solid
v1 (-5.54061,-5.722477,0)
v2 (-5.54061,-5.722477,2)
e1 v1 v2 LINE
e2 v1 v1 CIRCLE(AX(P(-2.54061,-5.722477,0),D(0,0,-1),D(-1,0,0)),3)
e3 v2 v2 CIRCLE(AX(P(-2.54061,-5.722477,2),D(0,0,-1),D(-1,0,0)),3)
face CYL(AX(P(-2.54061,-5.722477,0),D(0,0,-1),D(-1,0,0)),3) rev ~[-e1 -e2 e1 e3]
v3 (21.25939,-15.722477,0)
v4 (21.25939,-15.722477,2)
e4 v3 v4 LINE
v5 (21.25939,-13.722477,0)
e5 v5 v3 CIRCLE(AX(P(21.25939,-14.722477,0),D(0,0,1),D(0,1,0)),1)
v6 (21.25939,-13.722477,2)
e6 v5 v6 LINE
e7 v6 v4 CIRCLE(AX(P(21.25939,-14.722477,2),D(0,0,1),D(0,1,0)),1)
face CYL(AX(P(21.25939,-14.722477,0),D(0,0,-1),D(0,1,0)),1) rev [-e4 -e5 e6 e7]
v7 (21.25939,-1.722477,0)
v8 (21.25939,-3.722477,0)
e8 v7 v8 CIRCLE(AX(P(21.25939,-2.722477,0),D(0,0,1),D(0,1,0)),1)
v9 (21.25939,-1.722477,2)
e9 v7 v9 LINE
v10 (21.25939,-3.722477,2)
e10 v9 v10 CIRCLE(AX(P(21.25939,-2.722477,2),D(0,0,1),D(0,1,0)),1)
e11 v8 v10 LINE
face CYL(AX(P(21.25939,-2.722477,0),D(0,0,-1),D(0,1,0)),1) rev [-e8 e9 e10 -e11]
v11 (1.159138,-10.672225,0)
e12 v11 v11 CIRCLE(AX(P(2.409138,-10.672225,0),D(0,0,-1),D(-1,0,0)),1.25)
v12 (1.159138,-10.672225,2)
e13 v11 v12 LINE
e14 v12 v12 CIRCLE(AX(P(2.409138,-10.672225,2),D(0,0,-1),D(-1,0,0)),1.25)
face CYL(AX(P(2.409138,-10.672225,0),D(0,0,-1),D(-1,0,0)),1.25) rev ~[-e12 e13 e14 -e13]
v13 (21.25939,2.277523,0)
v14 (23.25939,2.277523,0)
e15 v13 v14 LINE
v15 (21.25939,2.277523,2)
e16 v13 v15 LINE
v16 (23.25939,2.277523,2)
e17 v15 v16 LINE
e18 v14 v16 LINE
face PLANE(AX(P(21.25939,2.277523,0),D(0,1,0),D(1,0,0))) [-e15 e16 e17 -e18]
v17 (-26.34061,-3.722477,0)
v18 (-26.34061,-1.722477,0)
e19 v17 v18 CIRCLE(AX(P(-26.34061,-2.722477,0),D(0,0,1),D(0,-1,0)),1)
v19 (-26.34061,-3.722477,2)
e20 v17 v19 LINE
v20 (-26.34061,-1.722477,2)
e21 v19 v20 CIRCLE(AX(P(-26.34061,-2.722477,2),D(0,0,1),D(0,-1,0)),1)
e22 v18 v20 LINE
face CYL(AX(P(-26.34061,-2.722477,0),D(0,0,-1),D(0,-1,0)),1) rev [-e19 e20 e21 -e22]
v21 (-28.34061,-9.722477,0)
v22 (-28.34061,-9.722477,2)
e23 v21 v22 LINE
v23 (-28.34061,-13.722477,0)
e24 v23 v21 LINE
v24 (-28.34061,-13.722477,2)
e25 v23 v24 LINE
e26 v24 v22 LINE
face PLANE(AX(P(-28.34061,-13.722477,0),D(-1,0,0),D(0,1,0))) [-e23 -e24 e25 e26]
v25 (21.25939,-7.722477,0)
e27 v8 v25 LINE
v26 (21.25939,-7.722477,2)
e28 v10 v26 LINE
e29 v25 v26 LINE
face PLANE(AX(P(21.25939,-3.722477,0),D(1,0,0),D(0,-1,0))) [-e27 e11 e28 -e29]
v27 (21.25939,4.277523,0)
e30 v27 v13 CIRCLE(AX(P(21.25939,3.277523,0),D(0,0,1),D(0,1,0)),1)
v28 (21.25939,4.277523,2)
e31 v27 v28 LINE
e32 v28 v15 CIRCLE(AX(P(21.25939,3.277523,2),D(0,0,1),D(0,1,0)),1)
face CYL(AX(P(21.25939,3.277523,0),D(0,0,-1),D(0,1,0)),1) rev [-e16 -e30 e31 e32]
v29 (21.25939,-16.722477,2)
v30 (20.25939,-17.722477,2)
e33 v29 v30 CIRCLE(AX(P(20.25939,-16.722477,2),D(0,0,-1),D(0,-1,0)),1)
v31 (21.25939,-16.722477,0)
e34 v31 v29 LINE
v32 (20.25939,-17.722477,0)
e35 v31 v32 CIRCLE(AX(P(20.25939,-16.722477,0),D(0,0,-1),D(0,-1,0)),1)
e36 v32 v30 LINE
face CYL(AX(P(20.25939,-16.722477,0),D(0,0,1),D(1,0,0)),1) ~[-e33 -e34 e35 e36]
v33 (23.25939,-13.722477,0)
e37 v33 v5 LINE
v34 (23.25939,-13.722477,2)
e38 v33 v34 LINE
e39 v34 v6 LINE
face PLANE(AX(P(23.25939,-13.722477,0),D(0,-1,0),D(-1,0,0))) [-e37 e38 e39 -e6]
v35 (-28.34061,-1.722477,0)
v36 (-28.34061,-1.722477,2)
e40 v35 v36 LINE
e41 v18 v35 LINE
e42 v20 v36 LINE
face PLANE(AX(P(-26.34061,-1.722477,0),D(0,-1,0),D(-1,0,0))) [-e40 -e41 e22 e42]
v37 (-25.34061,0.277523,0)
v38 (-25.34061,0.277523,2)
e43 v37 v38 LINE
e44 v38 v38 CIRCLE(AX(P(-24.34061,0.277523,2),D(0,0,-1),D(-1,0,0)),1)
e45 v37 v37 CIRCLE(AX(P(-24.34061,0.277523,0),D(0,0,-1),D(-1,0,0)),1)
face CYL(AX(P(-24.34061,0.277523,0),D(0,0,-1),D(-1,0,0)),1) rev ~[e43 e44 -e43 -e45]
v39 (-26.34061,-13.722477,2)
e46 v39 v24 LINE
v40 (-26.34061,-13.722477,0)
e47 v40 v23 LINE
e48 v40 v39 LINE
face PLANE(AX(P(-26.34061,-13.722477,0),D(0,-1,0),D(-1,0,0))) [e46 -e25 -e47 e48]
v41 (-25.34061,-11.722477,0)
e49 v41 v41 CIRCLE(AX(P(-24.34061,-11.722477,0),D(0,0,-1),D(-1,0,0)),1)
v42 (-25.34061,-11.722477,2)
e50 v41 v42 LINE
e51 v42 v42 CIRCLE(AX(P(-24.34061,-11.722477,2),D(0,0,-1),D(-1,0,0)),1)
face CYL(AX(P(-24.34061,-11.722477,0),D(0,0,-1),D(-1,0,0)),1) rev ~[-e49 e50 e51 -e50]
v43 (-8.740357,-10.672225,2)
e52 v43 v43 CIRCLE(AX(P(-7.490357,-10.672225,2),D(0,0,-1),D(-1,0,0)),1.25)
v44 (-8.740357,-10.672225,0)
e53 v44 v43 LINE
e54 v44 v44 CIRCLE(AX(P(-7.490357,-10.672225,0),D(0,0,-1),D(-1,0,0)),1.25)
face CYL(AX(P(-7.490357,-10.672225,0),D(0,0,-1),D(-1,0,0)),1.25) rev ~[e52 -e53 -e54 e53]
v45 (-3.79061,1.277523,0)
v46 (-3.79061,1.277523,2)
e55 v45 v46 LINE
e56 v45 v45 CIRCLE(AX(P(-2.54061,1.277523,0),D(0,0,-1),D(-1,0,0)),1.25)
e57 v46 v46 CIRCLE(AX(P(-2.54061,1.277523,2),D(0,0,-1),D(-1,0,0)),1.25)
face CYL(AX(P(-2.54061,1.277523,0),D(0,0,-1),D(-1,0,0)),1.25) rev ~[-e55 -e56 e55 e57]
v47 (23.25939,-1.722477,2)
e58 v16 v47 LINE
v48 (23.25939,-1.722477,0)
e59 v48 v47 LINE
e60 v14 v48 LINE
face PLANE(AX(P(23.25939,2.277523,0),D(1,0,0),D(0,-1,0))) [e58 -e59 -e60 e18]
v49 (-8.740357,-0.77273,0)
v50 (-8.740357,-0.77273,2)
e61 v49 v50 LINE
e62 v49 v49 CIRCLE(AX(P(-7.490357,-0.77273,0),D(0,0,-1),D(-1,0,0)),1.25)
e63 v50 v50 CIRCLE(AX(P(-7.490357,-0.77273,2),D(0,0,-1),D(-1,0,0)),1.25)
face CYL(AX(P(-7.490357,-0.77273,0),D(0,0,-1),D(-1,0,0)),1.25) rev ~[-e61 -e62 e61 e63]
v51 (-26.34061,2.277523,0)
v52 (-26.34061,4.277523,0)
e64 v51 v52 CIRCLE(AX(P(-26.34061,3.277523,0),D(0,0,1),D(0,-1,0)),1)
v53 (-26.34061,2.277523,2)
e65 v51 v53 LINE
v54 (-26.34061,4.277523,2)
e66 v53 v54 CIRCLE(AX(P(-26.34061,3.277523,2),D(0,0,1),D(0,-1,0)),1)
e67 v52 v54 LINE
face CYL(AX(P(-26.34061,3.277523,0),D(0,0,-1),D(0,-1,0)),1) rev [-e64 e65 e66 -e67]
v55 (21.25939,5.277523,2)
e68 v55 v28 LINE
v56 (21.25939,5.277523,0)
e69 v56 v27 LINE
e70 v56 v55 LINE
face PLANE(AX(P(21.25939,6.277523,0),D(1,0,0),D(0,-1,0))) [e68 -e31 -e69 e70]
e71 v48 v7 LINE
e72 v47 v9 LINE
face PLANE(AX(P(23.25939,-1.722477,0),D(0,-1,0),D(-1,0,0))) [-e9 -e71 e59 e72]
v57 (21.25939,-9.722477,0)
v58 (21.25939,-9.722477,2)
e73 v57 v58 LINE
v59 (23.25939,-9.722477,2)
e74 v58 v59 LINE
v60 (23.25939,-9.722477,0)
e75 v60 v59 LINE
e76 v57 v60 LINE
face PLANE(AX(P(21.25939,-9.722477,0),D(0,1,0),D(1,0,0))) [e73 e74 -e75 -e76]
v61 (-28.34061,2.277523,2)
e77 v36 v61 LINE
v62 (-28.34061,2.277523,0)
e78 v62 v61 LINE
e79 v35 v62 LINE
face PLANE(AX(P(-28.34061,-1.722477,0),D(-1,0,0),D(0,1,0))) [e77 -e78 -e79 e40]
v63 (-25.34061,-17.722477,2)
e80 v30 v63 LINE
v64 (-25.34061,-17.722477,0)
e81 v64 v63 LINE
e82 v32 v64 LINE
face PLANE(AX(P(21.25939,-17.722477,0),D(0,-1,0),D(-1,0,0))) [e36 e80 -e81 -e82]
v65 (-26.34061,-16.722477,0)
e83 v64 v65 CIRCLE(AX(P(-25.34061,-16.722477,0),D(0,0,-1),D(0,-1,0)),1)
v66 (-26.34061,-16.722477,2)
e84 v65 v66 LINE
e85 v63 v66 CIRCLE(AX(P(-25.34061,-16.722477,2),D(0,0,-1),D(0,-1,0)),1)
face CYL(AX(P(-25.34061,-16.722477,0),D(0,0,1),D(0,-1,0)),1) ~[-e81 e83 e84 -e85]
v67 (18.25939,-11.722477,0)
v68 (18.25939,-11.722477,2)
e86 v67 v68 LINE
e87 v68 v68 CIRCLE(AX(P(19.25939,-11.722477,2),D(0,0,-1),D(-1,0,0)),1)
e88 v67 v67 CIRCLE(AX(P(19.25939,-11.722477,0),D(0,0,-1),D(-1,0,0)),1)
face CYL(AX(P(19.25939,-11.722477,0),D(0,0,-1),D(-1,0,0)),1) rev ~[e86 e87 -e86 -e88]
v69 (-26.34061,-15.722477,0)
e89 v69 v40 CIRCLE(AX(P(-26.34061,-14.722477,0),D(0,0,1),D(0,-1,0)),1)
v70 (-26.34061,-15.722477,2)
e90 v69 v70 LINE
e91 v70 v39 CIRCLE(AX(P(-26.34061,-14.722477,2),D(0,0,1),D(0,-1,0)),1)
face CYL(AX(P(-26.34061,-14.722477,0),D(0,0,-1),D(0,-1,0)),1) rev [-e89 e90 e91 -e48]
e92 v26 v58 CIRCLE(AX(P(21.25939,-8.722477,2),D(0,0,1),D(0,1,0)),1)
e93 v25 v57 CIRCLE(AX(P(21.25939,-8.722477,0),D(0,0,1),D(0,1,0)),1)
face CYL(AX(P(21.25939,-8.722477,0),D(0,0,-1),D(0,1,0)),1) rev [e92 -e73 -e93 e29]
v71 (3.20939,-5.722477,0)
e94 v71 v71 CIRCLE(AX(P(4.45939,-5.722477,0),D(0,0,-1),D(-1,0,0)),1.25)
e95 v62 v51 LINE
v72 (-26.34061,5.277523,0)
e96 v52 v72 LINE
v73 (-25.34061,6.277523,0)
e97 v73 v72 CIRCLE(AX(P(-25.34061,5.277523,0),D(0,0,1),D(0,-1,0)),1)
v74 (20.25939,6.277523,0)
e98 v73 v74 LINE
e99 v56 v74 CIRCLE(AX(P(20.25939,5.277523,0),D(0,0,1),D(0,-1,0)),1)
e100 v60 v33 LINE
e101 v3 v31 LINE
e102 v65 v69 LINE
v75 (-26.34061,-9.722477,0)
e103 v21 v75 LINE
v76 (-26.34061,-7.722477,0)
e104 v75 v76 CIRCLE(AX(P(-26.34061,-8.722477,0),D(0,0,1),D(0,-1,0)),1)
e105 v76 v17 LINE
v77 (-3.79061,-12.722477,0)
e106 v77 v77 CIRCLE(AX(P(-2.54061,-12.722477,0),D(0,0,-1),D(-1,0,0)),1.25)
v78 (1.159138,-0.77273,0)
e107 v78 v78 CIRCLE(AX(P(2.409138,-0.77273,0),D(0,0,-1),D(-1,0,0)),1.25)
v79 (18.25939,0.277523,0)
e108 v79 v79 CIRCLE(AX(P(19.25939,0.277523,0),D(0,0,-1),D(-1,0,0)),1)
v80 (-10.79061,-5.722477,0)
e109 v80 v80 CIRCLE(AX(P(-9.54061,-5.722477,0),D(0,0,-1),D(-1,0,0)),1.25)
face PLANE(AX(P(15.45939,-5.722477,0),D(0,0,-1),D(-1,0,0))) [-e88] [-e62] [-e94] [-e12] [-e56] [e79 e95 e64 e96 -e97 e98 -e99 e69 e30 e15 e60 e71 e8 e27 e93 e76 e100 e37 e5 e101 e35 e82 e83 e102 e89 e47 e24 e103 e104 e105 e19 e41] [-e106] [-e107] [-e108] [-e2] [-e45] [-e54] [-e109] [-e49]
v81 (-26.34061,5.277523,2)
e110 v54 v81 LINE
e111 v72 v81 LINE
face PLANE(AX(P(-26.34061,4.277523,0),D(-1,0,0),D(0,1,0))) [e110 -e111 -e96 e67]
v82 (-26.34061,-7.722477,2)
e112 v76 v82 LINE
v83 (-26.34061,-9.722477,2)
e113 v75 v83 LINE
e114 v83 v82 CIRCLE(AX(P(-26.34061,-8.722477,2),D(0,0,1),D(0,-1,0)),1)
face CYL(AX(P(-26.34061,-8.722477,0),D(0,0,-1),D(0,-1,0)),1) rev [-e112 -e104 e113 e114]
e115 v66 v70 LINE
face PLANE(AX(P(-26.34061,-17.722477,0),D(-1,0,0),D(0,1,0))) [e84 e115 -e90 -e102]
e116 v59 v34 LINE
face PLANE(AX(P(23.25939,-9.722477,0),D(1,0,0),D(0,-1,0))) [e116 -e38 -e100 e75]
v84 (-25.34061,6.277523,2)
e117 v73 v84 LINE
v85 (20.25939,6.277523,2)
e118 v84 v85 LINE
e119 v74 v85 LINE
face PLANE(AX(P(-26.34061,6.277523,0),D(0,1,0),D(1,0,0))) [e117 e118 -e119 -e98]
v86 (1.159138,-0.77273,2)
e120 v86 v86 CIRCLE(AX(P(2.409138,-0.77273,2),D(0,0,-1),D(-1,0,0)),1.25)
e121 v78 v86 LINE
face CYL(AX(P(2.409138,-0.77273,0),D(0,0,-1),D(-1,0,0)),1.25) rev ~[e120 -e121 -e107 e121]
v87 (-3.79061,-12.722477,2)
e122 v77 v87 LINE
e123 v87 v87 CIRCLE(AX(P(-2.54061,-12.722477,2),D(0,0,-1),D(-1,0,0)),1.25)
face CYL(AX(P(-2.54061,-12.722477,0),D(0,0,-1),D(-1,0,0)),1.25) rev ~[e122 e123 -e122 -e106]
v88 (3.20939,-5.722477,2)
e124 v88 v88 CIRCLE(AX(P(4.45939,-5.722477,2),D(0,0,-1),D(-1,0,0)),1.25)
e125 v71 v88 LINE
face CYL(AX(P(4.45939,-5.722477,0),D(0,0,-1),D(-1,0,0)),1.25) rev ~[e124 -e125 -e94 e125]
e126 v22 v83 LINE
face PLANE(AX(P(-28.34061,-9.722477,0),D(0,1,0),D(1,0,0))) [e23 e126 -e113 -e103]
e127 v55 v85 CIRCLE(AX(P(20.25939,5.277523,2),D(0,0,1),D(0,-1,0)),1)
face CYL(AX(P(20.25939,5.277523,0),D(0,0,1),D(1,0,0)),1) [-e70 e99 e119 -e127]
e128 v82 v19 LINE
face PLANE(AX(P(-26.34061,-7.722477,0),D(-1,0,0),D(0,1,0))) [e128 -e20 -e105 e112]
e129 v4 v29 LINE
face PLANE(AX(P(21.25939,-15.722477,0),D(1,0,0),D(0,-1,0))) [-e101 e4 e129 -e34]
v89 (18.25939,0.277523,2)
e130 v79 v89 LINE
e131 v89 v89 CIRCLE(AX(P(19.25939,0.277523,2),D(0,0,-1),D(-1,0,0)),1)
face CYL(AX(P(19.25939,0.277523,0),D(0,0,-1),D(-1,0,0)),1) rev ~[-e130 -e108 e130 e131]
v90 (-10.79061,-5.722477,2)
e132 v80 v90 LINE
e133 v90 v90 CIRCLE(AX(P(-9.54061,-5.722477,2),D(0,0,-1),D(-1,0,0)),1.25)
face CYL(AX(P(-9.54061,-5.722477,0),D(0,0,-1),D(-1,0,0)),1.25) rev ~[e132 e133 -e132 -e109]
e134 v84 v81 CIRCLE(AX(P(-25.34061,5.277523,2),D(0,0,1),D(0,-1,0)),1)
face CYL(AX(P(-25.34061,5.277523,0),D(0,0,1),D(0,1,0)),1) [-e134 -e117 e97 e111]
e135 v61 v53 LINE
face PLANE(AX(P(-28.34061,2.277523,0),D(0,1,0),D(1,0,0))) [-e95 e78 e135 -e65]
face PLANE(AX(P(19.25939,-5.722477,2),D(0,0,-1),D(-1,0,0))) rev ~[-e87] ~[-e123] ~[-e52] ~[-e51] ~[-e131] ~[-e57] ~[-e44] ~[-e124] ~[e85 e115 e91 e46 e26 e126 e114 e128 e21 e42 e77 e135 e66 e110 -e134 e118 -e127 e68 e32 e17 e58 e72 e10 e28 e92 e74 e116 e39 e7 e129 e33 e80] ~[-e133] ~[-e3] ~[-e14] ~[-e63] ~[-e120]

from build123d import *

# Parameters (mm, degrees)
SKETCH_1_R          = 1
EXTRUDE_2_DEPTH     = 2
SKETCH_3_R          = 1
CUT_EXTRUDE_1_DEPTH = 2
SKETCH_4_R          = 1
EXTRUDE_4_DEPTH     = 2
SKETCH_5_R          = 3
SKETCH_5_R_2        = 1.25
CUT_EXTRUDE_2_DEPTH = 2
EXTRUDE_START       = -2
SKETCH_6_R          = 1
EXTRUDE_6_DEPTH     = 2
SKETCH_7_R          = 1
CUT_EXTRUDE_3_DEPTH = 2
FILLET_3_R          = 1
FILLET_4_R          = 1
FILLET_5_R          = 1


with BuildPart() as part:
    # 草圖1 → 填料-伸長2 (new body)
    with BuildSketch(Plane.XY):
        with BuildLine():
            Line((21.259390326, 6.277522936), (21.259390326, 4.277522936))
            ThreePointArc((21.259390326, 4.277522936), (20.259390326, 3.277522936), (21.259390326, 2.277522936))
            Line((21.259390326, 2.277522936), (23.259390326, 2.277522936))
            Line((23.259390326, 2.277522936), (23.259390326, -1.722477064))
            Line((23.259390326, -1.722477064), (21.259390326, -1.722477064))
            ThreePointArc((21.259390326, -1.722477064), (20.259390326, -2.722477064), (21.259390326, -3.722477064))
            Line((21.259390326, -3.722477064), (21.259390326, -7.722477064))
            ThreePointArc((21.259390326, -7.722477064), (20.259390326, -8.722477064), (21.259390326, -9.722477064))
            Line((21.259390326, -9.722477064), (23.259390326, -9.722477064))
            Line((23.259390326, -9.722477064), (23.259390326, -13.722477064))
            Line((23.259390326, -13.722477064), (21.259390326, -13.722477064))
            ThreePointArc((21.259390326, -13.722477064), (20.259390326, -14.722477064), (21.259390326, -15.722477064))
            Line((21.259390326, -15.722477064), (21.259390326, -17.722477064))
            Line((21.259390326, -17.722477064), (-26.340609674, -17.722477064))
            Line((-26.340609674, -17.722477064), (-26.340609674, -15.722477064))
            ThreePointArc((-26.340609674, -15.722477064), (-25.340609674, -14.722477064), (-26.340609674, -13.722477064))
            Line((-26.340609674, -13.722477064), (-28.340609674, -13.722477064))
            Line((-28.340609674, -13.722477064), (-28.340609674, -9.722477064))
            Line((-28.340609674, -9.722477064), (-26.340609674, -9.722477064))
            ThreePointArc((-26.340609674, -9.722477064), (-25.340609674, -8.722477064), (-26.340609674, -7.722477064))
            Line((-26.340609674, -7.722477064), (-26.340609674, -3.722477064))
            ThreePointArc((-26.340609674, -3.722477064), (-25.340609674, -2.722477064), (-26.340609674, -1.722477064))
            Line((-26.340609674, -1.722477064), (-28.340609674, -1.722477064))
            Line((-28.340609674, -1.722477064), (-28.340609674, 2.277522936))
            Line((-28.340609674, 2.277522936), (-26.340609674, 2.277522936))
            ThreePointArc((-26.340609674, 2.277522936), (-25.340609674, 3.277522936), (-26.340609674, 4.277522936))
            Line((-26.340609674, 4.277522936), (-26.340609674, 6.277522936))
            Line((-26.340609674, 6.277522936), (21.259390326, 6.277522936))
        make_face()
        with Locations((-20.540609674, -5.722477064)):
            Circle(SKETCH_1_R, mode=Mode.SUBTRACT)
        with Locations(Location((15.459390326, -5.722477064, 0), (0, 0, 180))):
            Circle(SKETCH_1_R, mode=Mode.SUBTRACT)
    extrude(amount=EXTRUDE_2_DEPTH)

    # 草圖3 → 除料-伸長1 (cut)
    with BuildSketch(Plane.XY.offset(2)):
        with Locations((19.259390326, -5.722477064)):
            Circle(SKETCH_3_R)
        with Locations(Location((-24.340609674, -3.722477064, 0), (0, 0, 180))):
            Circle(SKETCH_3_R)
    extrude(amount=-CUT_EXTRUDE_1_DEPTH, mode=Mode.SUBTRACT)

    # 草圖4 → 填料-伸長4 (add)
    with BuildSketch(Plane(origin=(0, 0, 0), x_dir=(-1, 0, 0), z_dir=(0, 0, -1))):
        with Locations((-15.459390326, -5.722477064)):
            Circle(SKETCH_4_R)
        with Locations((20.540609674, -5.722477064)):
            Circle(SKETCH_4_R)
    extrude(amount=-EXTRUDE_4_DEPTH)

    # 草圖5 → 除料-伸長2 (cut)
    with BuildSketch(Plane(origin=(0, 0, 0), x_dir=(-1, 0, 0), z_dir=(0, 0, -1))):
        with Locations((2.540609674, -5.722477064)):
            Circle(SKETCH_5_R)
        with Locations((2.540609674, 1.277522936)):
            Circle(SKETCH_5_R_2)
        with Locations((7.490357142, -0.772729596)):
            Circle(SKETCH_5_R_2)
        with Locations((9.540609674, -5.722477064)):
            Circle(SKETCH_5_R_2)
        with Locations((7.490357142, -10.672224533)):
            Circle(SKETCH_5_R_2)
        with Locations((2.540609674, -12.722477064)):
            Circle(SKETCH_5_R_2)
        with Locations((-2.409137794, -10.672224533)):
            Circle(SKETCH_5_R_2)
        with Locations((-4.459390326, -5.722477064)):
            Circle(SKETCH_5_R_2)
        with Locations((-2.409137794, -0.772729596)):
            Circle(SKETCH_5_R_2)
    extrude(amount=-CUT_EXTRUDE_2_DEPTH, mode=Mode.SUBTRACT)

    # 草圖6 → 填料-伸長6 (add)
    with BuildSketch(Plane(origin=(0, 0, 0), x_dir=(-1, 0, 0), z_dir=(0, 0, -1)).offset(EXTRUDE_START)):
        with Locations((-19.259390326, -5.722477064)):
            Circle(SKETCH_6_R)
        with Locations((24.340609674, -3.722477064)):
            Circle(SKETCH_6_R)
    extrude(amount=EXTRUDE_6_DEPTH)

    # 草圖7 → 除料-伸長3 (cut)
    with BuildSketch(Plane(origin=(0, 0, 0), x_dir=(-1, 0, 0), z_dir=(0, 0, -1))):
        with Locations((-19.259390326, 0.277522936)):
            Circle(SKETCH_7_R)
        with Locations((-19.259390326, -11.722477064)):
            Circle(SKETCH_7_R)
        with Locations((24.340609674, -11.722477064)):
            Circle(SKETCH_7_R)
        with Locations((24.340609674, 0.277522936)):
            Circle(SKETCH_7_R)
    extrude(amount=-CUT_EXTRUDE_3_DEPTH, mode=Mode.SUBTRACT)

    # 圓角3
    fillet_3_edges = [part.edges().sort_by_distance(p)[0] for p in [
        (21.259390326, 6.277522936, 1),
    ]]
    fillet(fillet_3_edges, radius=FILLET_3_R)

    # 圓角4
    fillet_4_edges = [part.edges().sort_by_distance(p)[0] for p in [
        (21.259390326, -17.722477064, 1),
    ]]
    fillet(fillet_4_edges, radius=FILLET_4_R)

    # 圓角5
    fillet_5_edges = [part.edges().sort_by_distance(p)[0] for p in [
        (-26.340609674, 6.277522936, 1),
        (-26.340609674, -17.722477064, 1),
    ]]
    fillet(fillet_5_edges, radius=FILLET_5_R)


solid = part.part
